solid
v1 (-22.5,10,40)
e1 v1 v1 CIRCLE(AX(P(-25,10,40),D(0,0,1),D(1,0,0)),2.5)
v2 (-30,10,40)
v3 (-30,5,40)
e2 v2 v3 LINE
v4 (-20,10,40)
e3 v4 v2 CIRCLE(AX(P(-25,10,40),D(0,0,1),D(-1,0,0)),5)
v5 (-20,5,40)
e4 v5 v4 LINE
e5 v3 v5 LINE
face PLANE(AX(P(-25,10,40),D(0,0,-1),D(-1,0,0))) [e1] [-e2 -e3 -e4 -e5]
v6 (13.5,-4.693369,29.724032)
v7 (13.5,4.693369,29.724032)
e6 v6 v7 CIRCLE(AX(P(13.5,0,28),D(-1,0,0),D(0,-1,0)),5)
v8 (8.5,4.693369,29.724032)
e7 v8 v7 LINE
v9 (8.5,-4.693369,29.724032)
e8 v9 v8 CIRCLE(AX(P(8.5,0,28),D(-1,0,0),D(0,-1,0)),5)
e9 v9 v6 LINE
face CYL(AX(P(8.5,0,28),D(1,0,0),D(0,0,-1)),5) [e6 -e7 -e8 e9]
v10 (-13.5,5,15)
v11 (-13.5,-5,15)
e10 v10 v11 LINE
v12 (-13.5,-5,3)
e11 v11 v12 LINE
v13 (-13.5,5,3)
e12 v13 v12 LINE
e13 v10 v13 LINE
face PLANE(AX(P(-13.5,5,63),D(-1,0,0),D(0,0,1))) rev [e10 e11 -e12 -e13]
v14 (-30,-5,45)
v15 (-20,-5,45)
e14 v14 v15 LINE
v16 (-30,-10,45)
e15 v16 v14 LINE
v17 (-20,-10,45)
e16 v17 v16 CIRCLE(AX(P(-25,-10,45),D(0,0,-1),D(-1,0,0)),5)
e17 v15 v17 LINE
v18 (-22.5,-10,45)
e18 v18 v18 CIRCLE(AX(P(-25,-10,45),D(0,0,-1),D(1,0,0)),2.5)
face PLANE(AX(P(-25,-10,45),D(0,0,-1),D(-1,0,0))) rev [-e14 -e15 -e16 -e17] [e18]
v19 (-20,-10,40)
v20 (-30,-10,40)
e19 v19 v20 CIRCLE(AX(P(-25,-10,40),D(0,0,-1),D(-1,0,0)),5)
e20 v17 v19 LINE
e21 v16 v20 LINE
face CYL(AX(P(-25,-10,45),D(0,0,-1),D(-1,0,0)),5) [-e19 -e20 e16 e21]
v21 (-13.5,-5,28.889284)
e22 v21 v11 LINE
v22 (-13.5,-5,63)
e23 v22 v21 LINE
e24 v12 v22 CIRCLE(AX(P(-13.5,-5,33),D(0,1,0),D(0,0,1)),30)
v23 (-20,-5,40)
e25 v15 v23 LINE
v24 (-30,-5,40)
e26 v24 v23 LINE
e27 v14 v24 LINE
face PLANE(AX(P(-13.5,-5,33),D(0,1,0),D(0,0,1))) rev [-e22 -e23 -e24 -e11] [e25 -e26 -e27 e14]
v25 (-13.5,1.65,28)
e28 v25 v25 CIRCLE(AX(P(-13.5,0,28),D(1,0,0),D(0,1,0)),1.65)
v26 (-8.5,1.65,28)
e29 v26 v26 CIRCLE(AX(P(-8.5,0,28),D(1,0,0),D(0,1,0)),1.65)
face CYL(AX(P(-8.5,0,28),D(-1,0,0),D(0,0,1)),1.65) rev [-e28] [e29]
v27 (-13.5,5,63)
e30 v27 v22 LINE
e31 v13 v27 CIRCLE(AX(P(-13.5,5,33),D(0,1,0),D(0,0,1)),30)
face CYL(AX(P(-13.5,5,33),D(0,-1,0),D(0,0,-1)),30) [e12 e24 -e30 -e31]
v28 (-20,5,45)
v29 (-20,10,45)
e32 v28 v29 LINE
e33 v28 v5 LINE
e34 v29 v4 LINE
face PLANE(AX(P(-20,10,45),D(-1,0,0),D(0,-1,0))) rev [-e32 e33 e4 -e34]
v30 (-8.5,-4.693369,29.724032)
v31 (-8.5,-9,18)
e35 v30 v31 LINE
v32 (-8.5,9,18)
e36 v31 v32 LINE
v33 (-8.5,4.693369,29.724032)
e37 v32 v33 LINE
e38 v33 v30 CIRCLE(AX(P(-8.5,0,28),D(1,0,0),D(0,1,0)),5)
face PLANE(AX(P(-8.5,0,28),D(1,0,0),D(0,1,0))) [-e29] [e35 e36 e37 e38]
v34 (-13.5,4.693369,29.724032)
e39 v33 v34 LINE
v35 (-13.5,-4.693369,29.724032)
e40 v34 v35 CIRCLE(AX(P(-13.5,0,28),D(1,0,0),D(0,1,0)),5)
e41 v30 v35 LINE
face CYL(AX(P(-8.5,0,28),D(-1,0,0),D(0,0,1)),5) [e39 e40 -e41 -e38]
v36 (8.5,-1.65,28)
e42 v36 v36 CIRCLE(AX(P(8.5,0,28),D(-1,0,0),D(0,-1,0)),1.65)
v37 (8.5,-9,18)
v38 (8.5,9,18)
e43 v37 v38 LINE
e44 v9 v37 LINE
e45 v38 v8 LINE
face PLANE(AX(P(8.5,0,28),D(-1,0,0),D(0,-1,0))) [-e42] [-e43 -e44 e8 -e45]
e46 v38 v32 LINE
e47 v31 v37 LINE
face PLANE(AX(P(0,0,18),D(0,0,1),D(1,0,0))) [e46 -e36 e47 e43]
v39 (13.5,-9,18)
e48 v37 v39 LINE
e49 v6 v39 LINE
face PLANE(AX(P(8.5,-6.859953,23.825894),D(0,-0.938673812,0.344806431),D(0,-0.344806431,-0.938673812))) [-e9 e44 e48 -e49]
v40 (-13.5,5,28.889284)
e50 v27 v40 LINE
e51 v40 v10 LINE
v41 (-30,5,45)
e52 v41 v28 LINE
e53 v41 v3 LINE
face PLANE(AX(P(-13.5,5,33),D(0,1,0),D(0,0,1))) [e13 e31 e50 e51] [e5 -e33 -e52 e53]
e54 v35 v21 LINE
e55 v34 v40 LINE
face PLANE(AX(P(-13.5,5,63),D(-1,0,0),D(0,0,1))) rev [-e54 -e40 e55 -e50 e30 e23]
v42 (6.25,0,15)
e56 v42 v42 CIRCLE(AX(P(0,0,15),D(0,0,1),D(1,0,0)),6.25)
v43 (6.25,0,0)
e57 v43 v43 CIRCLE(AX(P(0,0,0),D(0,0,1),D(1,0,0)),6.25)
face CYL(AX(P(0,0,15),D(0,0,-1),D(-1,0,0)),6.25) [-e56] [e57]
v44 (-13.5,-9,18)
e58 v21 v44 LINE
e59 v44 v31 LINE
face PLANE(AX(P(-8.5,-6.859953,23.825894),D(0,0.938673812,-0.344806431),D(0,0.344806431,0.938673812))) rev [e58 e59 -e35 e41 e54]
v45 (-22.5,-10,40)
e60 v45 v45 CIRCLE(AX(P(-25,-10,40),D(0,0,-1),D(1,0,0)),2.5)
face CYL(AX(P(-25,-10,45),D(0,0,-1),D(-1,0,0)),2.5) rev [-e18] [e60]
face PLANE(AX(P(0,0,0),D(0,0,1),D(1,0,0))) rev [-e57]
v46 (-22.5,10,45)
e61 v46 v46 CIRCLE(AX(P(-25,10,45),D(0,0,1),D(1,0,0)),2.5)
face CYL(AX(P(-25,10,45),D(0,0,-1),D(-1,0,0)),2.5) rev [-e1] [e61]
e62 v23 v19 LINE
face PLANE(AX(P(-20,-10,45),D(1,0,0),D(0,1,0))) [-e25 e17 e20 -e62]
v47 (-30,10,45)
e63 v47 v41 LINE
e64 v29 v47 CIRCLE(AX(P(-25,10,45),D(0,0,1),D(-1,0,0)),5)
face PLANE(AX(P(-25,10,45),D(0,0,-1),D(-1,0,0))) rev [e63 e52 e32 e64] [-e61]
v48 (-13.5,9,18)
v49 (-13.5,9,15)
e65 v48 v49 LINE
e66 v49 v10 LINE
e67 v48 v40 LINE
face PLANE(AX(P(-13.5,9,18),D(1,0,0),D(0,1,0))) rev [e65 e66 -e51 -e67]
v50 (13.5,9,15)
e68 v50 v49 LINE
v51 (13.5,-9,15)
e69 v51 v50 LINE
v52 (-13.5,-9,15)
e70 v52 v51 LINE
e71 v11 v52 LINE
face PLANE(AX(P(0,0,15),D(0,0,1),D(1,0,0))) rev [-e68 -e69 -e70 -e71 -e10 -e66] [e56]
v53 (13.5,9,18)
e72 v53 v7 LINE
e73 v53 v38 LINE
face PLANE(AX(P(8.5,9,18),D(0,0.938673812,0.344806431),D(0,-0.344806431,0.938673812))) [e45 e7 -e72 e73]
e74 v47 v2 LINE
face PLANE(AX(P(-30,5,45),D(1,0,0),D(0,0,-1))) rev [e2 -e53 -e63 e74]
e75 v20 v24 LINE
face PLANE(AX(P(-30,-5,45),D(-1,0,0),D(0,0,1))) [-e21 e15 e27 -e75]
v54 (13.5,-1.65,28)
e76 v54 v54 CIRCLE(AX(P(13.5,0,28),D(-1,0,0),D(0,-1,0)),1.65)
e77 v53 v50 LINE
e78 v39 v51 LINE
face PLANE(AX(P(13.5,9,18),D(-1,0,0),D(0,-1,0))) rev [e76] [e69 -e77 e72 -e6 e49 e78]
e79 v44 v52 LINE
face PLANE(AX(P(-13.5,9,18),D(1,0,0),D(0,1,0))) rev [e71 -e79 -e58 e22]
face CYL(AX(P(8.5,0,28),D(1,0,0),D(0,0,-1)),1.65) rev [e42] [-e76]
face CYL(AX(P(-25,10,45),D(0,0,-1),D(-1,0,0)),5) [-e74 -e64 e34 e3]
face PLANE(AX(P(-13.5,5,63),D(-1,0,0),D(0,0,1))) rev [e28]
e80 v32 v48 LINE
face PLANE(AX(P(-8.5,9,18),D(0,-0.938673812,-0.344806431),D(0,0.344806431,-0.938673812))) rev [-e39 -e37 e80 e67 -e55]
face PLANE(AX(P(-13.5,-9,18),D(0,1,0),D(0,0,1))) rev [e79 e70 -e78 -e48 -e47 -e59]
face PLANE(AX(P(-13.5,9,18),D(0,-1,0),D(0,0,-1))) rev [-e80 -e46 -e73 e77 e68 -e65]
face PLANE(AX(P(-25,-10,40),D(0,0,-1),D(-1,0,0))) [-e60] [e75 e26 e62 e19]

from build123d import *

# Parameters (mm, degrees)
SKETCH_1_R      = 6.25
EXTRUDE_1_DEPTH = 15
SKETCH_2_W      = 27
SKETCH_2_H      = 18
EXTRUDE_2_DEPTH = 3
EXTRUDE_START   = 13.5
SKETCH_3_R      = 1.65
EXTRUDE_3_DEPTH = 5
EXTRUDE_START_2 = -13.5
SKETCH_3_2_R    = 1.65
EXTRUDE_4_DEPTH = 5
EXTRUDE_5_DEPTH = 5
SKETCH_5_R      = 2.5
EXTRUDE_6_DEPTH = 5


with BuildPart() as part:
    # ｽｹｯﾁ1 → ﾎﾞｽ - 押し出し1 (new body)
    with BuildSketch(Plane.XY):
        Circle(SKETCH_1_R)
    extrude(amount=EXTRUDE_1_DEPTH)

    # ｽｹｯﾁ2 → ﾎﾞｽ - 押し出し2 (add)
    with BuildSketch(Plane.XY.offset(15)):
        Rectangle(SKETCH_2_W, SKETCH_2_H)
    extrude(amount=EXTRUDE_2_DEPTH)

    # ｽｹｯﾁ3 → ﾎﾞｽ - 押し出し3 (add)
    with BuildSketch(Plane(origin=(0, 0, 0), x_dir=(0, 0, -1), z_dir=(1, 0, 0)).offset(EXTRUDE_START)):
        with BuildLine():
            Line((-18, 9), (-29.724032154, 4.69336906))
            ThreePointArc((-29.724032154, 4.69336906), (-33, 0), (-29.724032154, -4.69336906))
            Line((-29.724032154, -4.69336906), (-18, -9))
            Line((-18, -9), (-18, 9))
        make_face()
        with Locations((-28, 0)):
            Circle(SKETCH_3_R, mode=Mode.SUBTRACT)
    extrude(amount=-EXTRUDE_3_DEPTH)

    # ｽｹｯﾁ3<2> → ﾎﾞｽ - 押し出し4 (add)
    with BuildSketch(Plane(origin=(0, 0, 0), x_dir=(0, 0, -1), z_dir=(1, 0, 0)).offset(EXTRUDE_START_2)):
        with BuildLine():
            Line((-18, 9), (-29.724032154, 4.69336906))
            ThreePointArc((-29.724032154, 4.69336906), (-33, 0), (-29.724032154, -4.69336906))
            Line((-29.724032154, -4.69336906), (-18, -9))
            Line((-18, -9), (-18, 9))
        make_face()
        with Locations((-28, 0)):
            Circle(SKETCH_3_2_R, mode=Mode.SUBTRACT)
    extrude(amount=EXTRUDE_4_DEPTH)

    # ｽｹｯﾁ4 → ﾎﾞｽ - 押し出し5 (add, symmetric)
    with BuildSketch(Plane(origin=(0, 0, 0), x_dir=(1, 0, 0), z_dir=(0, 1, 0))):
        with BuildLine():
            Line((-13.5, -63), (-13.5, -3))
            ThreePointArc((-13.5, -3), (-43.5, -33), (-13.5, -63))
        make_face()
    extrude(amount=EXTRUDE_5_DEPTH, both=True)

    # ｽｹｯﾁ5 → ﾎﾞｽ - 押し出し6 (add)
    with BuildSketch(Plane.XY.offset(40)):
        with BuildLine():
            Line((-30, 5), (-30, 10))
            ThreePointArc((-30, 10), (-25, 15), (-20, 10))
            Line((-20, 10), (-20, 5))
            Line((-20, 5), (-30, 5))
        make_face()
        with Locations((-25, 10)):
            Circle(SKETCH_5_R, mode=Mode.SUBTRACT)
    extrude_6 = extrude(amount=EXTRUDE_6_DEPTH)

    # ﾐﾗｰ1: ﾎﾞｽ - 押し出し6 across plane
    add(extrude_6.mirror(Plane.ZX))


solid = part.part
